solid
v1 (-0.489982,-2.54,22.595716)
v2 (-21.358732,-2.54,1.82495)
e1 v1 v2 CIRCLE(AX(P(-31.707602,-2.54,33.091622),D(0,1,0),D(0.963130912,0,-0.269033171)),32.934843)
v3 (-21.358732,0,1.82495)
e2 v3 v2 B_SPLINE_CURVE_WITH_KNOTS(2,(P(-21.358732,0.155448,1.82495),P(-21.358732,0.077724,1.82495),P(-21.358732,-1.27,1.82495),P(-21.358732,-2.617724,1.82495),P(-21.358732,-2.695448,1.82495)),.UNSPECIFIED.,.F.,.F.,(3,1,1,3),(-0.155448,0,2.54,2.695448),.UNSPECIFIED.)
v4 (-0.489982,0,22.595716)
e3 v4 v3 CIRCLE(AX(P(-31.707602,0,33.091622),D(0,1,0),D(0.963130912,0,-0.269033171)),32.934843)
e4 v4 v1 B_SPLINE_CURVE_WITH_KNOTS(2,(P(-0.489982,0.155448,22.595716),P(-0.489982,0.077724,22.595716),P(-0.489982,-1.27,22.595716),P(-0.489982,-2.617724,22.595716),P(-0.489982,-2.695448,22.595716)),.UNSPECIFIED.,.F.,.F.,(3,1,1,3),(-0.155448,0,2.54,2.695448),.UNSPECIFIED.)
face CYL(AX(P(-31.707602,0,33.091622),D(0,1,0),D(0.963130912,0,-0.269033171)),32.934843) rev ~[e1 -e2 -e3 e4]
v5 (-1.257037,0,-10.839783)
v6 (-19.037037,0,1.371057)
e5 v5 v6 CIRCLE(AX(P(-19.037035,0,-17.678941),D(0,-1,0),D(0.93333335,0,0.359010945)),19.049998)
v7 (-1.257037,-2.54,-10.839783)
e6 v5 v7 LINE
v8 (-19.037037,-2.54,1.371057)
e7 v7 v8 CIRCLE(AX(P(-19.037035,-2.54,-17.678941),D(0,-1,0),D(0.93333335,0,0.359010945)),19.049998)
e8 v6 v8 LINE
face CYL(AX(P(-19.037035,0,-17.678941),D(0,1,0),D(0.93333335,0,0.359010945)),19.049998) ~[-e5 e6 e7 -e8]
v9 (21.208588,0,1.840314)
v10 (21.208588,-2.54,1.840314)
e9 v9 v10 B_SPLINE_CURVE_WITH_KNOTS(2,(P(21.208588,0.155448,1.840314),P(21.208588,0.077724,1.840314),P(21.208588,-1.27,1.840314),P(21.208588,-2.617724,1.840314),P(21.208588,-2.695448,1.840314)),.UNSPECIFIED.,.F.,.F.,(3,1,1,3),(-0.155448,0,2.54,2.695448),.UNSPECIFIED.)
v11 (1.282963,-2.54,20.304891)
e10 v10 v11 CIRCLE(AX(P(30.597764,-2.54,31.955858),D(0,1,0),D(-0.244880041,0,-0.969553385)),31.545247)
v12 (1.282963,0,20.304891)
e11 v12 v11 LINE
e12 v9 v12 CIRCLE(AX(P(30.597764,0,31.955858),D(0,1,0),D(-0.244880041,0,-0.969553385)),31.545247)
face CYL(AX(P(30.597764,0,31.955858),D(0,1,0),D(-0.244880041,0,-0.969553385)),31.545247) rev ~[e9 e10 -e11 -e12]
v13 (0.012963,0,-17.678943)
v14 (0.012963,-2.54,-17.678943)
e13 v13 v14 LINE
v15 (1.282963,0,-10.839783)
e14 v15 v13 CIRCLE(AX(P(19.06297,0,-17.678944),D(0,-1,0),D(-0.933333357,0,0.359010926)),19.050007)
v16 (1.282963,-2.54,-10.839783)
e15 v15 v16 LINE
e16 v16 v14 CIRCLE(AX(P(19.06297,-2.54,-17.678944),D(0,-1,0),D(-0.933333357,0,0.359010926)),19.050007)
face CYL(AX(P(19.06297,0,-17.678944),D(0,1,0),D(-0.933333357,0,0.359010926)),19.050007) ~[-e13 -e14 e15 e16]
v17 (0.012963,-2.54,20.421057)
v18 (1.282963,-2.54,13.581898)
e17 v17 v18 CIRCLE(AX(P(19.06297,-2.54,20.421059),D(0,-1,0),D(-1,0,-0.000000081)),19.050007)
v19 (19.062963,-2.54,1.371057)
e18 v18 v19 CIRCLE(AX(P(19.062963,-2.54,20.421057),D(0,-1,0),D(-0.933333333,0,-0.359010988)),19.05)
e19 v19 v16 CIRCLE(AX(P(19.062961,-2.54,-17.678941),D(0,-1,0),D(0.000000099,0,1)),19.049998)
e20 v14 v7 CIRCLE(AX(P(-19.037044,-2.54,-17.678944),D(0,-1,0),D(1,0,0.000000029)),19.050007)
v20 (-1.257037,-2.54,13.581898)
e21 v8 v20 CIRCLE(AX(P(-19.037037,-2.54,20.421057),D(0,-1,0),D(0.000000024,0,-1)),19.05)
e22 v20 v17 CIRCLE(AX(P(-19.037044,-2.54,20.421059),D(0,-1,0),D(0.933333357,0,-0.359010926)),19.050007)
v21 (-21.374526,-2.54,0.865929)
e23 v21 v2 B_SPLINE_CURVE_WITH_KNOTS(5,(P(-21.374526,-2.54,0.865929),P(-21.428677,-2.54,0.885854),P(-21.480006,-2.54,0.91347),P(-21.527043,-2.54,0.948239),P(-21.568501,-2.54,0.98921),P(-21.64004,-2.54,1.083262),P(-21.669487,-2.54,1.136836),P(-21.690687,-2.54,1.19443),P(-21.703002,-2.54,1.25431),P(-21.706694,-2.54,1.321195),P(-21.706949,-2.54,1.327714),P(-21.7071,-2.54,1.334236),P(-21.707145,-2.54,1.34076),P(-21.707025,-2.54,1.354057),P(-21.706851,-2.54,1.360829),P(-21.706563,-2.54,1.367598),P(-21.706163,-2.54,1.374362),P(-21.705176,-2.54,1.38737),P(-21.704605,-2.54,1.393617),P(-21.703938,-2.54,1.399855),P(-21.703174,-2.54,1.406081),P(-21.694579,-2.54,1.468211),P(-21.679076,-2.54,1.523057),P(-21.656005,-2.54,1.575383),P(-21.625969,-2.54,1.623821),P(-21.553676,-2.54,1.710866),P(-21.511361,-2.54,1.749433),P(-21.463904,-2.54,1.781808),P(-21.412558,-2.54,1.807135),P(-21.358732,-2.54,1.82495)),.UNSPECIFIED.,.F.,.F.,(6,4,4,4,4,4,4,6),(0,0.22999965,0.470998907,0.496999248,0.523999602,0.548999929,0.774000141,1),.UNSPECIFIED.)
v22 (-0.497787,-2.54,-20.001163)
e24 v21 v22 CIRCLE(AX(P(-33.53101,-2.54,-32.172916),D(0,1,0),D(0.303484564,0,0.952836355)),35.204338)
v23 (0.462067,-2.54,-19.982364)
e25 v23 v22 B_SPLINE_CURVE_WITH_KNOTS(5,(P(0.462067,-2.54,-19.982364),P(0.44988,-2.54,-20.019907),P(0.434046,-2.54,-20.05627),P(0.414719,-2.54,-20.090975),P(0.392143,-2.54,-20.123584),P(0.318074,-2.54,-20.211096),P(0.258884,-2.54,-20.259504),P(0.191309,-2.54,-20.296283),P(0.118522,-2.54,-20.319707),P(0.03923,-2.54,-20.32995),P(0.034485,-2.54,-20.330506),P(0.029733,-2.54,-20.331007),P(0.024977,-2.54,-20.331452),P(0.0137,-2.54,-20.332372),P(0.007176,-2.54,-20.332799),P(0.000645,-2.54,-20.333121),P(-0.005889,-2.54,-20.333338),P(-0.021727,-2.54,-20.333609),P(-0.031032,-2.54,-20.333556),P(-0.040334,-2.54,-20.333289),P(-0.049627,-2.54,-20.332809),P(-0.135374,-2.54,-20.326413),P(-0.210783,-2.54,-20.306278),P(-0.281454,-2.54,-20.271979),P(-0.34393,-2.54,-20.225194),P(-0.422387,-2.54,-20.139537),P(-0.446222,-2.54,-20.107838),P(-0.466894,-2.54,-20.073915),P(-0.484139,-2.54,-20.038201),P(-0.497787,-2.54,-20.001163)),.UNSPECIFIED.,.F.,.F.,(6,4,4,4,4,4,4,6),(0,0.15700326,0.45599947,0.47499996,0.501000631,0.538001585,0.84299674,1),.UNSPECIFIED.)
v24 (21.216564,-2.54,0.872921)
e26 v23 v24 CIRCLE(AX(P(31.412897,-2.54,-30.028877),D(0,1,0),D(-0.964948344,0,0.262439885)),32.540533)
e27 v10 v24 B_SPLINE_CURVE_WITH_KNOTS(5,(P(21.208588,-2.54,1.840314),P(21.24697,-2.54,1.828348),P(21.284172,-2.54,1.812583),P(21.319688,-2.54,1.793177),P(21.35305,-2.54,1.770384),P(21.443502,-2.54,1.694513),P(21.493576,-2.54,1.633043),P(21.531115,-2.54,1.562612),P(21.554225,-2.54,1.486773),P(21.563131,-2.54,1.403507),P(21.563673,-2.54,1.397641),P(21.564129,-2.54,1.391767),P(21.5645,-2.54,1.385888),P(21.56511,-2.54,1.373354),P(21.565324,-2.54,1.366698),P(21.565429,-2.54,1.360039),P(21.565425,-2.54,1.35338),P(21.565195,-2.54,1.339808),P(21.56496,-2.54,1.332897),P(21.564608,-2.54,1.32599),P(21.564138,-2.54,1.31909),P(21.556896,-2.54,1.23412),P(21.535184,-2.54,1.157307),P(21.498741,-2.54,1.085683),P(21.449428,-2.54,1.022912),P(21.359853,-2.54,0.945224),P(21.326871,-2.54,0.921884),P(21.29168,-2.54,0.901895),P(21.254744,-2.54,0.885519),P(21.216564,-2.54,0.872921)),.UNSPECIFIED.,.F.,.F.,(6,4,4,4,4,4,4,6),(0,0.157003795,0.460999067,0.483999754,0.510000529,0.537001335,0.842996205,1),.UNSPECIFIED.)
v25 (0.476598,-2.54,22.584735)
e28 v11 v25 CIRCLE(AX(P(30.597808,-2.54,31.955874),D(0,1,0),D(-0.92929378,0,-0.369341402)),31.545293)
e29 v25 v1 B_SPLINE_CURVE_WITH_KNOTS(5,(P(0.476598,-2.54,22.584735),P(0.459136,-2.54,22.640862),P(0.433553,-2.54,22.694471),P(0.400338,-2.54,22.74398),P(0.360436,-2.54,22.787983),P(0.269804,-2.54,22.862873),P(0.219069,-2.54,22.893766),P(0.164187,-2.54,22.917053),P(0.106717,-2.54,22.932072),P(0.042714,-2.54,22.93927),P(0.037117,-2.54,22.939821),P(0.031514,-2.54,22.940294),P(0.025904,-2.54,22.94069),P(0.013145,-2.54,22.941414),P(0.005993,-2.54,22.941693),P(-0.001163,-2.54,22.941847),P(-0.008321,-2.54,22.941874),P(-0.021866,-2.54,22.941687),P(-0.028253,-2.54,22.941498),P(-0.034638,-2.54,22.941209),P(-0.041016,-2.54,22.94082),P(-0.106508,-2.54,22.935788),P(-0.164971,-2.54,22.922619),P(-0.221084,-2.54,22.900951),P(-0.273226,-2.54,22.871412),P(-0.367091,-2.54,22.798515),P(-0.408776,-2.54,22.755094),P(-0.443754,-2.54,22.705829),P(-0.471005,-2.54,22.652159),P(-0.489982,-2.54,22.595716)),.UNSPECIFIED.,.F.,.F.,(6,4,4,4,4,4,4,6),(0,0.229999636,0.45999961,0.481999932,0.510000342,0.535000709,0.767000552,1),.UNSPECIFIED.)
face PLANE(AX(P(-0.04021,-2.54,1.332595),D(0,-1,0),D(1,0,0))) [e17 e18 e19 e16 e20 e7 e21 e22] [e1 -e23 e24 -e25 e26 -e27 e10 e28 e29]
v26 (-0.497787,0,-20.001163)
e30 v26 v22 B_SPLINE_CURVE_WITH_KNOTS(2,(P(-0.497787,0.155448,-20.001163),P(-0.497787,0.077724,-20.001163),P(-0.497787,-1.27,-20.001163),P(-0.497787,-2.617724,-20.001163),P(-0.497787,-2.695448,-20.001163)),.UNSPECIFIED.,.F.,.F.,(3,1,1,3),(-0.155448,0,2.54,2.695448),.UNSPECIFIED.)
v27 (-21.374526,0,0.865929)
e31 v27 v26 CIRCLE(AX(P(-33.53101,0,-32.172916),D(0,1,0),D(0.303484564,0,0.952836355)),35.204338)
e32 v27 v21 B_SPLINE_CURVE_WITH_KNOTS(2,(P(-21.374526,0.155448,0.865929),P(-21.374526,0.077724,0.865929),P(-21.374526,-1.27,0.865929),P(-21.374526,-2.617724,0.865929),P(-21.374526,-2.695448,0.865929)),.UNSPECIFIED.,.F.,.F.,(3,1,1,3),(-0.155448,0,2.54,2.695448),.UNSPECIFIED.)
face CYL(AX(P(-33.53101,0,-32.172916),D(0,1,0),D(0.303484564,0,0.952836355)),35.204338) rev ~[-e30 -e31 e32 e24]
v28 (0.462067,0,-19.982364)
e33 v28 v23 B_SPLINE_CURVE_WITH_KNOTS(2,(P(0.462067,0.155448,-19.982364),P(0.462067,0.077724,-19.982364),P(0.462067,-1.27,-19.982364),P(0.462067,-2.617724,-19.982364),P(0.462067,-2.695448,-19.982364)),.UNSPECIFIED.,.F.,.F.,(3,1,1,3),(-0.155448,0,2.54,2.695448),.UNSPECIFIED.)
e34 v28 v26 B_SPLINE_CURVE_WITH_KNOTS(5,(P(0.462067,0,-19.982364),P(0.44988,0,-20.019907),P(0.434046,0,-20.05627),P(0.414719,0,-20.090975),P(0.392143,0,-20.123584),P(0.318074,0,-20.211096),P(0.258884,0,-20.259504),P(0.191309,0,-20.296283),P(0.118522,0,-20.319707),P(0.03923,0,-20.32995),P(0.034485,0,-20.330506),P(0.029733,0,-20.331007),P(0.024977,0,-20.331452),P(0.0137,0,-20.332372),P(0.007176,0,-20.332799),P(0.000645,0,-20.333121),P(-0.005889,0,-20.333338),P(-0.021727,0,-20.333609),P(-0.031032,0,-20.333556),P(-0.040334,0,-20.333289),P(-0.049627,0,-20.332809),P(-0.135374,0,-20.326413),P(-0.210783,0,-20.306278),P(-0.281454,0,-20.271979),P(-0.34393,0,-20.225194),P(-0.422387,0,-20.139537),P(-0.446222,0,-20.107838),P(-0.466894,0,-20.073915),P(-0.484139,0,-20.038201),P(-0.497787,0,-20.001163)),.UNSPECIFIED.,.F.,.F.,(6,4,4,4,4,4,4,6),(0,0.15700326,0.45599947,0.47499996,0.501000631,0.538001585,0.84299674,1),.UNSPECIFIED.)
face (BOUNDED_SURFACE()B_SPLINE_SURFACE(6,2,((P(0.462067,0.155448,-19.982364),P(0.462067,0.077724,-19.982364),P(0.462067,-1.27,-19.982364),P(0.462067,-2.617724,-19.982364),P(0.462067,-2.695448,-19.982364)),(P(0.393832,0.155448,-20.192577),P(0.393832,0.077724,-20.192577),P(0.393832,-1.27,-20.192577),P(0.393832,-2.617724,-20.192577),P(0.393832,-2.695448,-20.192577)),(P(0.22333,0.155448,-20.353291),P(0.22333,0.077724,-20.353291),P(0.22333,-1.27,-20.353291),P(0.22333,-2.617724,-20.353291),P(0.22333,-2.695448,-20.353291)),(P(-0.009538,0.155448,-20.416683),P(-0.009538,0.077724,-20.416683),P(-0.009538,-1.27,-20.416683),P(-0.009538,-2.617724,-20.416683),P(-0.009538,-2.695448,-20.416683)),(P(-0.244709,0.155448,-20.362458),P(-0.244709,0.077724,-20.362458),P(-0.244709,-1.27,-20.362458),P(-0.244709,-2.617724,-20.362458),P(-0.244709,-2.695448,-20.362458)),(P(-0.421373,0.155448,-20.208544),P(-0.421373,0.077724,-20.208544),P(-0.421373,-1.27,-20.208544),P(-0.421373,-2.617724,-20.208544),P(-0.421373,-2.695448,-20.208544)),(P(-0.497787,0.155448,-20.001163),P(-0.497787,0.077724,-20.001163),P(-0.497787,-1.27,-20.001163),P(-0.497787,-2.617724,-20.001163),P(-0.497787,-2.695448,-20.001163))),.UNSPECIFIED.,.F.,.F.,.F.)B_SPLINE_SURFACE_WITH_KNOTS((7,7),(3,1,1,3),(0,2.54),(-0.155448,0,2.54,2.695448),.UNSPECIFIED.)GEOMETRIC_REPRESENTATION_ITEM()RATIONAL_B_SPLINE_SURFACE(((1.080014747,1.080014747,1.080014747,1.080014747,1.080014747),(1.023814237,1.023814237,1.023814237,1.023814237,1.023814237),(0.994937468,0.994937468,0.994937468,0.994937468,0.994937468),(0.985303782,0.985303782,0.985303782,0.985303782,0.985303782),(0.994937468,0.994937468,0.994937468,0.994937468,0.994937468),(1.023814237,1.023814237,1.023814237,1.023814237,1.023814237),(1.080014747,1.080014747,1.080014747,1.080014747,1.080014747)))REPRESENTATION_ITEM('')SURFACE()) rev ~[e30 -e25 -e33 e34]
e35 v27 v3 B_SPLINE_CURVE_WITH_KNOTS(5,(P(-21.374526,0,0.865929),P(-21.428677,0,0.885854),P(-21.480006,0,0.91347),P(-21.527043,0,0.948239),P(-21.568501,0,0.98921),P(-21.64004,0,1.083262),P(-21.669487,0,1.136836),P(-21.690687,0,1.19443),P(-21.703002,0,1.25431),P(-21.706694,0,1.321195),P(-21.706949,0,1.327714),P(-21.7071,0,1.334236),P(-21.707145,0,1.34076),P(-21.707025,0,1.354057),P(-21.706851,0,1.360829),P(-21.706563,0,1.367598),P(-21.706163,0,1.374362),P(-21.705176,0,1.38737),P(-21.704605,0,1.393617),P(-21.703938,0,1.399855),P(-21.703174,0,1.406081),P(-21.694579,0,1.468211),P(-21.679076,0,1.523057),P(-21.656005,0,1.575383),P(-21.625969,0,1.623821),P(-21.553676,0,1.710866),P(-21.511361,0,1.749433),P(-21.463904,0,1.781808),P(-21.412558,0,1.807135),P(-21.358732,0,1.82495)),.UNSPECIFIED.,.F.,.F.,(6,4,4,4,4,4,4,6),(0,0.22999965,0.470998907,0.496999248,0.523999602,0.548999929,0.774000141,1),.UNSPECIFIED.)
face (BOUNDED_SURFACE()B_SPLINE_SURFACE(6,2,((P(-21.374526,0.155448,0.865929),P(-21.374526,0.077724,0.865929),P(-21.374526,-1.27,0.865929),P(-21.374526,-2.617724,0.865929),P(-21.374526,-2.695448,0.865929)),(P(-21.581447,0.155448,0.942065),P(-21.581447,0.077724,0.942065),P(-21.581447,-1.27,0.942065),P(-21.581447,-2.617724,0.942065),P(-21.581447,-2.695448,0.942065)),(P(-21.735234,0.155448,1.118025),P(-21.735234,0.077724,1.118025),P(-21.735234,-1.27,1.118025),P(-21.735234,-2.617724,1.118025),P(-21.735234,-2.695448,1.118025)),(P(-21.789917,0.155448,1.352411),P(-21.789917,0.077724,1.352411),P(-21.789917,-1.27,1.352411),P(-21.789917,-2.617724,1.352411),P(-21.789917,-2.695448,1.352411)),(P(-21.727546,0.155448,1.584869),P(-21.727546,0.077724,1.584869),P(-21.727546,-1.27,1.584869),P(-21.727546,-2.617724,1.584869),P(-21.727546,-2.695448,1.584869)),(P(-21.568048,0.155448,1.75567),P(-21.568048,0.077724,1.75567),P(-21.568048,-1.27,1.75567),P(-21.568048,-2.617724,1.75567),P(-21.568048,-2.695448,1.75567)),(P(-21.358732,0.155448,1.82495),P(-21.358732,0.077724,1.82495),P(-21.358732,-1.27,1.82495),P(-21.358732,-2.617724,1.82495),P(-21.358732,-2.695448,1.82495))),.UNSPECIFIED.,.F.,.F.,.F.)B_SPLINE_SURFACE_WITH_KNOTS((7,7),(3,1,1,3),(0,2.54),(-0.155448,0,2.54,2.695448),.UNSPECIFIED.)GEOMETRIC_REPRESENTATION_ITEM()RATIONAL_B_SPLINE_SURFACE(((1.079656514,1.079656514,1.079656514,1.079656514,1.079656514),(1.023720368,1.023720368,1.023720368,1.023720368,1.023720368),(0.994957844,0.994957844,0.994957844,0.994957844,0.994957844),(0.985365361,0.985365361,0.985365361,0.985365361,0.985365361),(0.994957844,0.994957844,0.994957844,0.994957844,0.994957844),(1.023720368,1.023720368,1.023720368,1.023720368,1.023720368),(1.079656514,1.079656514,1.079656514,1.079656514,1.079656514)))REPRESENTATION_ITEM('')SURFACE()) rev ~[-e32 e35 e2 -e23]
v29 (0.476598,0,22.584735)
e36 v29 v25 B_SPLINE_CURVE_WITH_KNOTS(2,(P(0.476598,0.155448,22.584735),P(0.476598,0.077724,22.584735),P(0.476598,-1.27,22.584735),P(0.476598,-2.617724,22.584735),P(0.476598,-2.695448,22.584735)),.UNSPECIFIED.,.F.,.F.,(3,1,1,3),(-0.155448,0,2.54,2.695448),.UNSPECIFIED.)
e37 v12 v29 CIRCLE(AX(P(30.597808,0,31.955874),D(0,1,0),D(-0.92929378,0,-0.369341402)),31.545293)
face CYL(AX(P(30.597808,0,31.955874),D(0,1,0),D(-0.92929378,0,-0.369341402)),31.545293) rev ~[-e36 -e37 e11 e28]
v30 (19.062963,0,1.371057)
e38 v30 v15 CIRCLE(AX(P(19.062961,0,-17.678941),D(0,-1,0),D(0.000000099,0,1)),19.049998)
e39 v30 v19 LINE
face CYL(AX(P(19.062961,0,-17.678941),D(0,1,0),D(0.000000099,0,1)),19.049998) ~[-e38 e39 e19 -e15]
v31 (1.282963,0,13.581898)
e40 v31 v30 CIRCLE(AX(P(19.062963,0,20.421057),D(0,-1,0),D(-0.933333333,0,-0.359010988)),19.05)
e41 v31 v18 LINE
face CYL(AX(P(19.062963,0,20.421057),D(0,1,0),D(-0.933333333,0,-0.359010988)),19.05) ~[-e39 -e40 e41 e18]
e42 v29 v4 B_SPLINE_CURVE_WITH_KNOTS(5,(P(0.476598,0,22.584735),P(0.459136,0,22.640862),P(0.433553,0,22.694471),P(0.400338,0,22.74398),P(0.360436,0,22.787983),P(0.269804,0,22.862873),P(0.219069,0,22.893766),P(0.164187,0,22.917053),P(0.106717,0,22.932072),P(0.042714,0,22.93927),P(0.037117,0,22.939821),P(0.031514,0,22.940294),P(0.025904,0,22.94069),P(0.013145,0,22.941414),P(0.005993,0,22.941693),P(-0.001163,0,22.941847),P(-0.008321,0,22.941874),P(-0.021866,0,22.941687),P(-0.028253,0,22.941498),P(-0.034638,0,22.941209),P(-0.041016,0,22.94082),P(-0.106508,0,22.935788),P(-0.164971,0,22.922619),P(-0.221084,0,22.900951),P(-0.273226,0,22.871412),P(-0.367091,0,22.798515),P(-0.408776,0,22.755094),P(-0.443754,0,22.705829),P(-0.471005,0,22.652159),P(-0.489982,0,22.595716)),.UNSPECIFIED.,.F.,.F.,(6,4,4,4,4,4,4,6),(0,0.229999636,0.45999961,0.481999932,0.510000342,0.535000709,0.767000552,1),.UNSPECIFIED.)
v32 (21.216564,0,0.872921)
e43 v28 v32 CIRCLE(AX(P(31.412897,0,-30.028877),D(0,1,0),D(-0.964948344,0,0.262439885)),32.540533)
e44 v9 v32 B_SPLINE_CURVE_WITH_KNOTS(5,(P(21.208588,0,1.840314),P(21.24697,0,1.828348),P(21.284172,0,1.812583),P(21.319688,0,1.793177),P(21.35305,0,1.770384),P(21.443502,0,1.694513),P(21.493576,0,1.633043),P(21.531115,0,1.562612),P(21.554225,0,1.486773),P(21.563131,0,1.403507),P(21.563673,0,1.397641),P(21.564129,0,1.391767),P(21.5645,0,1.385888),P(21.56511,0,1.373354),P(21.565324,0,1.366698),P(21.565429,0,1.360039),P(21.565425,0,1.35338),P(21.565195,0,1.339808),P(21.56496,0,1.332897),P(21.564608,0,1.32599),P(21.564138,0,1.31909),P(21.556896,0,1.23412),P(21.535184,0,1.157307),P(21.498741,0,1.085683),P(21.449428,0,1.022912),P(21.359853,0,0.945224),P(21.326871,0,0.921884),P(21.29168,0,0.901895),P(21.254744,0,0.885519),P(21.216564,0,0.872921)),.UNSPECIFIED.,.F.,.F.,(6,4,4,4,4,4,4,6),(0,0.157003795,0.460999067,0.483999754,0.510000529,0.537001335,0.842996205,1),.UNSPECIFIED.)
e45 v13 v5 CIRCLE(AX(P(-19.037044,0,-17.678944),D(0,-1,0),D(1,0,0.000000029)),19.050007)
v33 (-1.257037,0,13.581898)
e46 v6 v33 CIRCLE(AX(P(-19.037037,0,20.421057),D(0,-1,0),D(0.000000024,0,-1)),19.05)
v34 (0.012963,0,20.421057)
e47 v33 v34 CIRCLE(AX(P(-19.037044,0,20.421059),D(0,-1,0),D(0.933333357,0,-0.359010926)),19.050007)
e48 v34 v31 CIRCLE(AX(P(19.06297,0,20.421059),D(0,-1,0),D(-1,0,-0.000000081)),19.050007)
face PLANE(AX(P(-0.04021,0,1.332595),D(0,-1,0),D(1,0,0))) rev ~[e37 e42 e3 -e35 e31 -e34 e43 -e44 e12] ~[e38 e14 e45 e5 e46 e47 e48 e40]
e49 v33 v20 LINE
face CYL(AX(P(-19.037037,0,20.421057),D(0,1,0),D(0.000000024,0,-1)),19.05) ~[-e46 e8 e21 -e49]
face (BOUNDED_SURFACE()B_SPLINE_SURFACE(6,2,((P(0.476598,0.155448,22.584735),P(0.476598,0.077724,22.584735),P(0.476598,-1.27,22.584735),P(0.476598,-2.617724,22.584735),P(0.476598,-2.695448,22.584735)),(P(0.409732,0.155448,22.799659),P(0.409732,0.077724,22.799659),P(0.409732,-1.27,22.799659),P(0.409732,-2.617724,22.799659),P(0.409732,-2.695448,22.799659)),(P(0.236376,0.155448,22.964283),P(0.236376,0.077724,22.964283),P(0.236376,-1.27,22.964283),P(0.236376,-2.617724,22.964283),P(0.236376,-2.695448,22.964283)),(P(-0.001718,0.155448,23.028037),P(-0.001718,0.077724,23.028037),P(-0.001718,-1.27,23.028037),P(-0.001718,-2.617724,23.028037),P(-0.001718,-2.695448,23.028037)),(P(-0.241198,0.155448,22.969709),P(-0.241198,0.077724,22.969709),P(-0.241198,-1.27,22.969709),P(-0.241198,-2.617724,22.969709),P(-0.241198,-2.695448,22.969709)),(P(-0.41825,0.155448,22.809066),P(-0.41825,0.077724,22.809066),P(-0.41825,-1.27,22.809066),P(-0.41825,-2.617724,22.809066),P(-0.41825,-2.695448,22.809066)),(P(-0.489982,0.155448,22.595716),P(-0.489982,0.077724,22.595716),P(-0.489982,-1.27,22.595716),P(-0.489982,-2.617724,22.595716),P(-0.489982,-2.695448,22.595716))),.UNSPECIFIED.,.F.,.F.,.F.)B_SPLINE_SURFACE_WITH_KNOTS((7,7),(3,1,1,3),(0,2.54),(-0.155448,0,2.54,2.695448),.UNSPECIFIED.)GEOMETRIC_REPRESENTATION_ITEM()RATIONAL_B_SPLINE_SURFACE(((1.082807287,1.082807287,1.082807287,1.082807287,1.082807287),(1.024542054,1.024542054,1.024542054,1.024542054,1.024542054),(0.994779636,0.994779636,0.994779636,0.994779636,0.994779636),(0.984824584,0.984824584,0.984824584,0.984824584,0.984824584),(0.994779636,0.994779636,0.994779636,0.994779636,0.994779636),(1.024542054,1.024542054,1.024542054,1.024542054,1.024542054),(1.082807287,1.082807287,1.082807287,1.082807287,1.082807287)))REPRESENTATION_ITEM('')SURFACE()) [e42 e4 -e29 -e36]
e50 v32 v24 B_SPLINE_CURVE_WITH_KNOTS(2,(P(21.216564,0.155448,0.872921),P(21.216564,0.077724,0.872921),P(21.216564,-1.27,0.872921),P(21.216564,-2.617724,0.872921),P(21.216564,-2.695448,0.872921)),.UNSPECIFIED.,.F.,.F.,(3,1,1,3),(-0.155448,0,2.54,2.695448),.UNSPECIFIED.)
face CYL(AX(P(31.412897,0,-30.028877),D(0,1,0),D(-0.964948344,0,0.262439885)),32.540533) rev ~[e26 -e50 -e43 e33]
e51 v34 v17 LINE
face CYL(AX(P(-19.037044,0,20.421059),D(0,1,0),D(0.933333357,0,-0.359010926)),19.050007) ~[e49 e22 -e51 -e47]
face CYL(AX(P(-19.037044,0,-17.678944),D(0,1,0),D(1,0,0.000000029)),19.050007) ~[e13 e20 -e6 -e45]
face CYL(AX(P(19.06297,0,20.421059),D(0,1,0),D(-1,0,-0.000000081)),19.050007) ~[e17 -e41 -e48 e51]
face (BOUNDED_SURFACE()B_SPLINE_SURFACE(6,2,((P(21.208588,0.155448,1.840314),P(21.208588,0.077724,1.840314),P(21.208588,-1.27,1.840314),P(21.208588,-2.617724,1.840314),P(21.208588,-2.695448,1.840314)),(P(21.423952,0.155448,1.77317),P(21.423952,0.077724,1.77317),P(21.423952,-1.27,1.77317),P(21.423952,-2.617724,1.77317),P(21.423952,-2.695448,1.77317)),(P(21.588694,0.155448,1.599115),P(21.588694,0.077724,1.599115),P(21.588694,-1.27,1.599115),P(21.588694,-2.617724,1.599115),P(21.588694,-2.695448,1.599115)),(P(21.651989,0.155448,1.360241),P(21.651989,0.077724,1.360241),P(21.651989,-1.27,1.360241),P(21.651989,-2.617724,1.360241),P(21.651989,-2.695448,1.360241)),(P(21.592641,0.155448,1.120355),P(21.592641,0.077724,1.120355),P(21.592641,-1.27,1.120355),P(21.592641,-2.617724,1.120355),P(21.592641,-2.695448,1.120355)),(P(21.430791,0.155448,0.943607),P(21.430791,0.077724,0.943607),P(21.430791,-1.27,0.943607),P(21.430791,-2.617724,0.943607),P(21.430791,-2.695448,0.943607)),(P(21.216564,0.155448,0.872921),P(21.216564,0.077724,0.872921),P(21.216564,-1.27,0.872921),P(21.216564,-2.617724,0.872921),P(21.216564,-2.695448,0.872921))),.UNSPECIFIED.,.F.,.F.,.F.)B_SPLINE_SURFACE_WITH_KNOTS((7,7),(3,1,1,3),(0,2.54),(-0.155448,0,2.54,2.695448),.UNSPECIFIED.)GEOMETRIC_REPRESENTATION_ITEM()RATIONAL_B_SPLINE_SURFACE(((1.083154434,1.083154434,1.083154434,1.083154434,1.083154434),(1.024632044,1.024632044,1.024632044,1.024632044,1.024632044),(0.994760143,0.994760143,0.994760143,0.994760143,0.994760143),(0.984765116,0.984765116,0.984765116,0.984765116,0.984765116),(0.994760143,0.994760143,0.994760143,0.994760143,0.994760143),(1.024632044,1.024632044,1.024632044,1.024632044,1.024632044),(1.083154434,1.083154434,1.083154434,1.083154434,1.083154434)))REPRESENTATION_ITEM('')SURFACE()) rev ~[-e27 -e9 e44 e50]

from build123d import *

# Parameters (mm, degrees)
F1_DEPTH = 2.54
F2_R     = 0.508


with BuildPart() as f1:
    # F0 (on Front) → F1 (new body)
    with BuildSketch(Plane.XZ):
        with BuildLine():
            ThreePointArc((22.872963, 1.371057), (9.798592, 8.238838), (1.282963, 20.304891))
            ThreePointArc((1.282963, 20.304891), (0.583696, 22.247186), (0.012963, 24.231057))
            ThreePointArc((0.012963, 24.231057), (-8.419151, 9.803172), (-22.847037, 1.371057))
            ThreePointArc((-22.847037, 1.371057), (-8.637784, -7.27969), (0.012963, -21.488943))
            ThreePointArc((0.012963, -21.488943), (8.403265, -7.019245), (22.872963, 1.371057))
        make_face()
        with BuildLine():
            ThreePointArc((1.282963, -10.839783), (0.333154, -14.200904), (0.012963, -17.678943))
            ThreePointArc((0.012963, -17.678943), (-0.307228, -14.200904), (-1.257037, -10.839783))
            ThreePointArc((-1.257037, -10.839783), (-8.252406, -1.975623), (-19.037037, 1.371057))
            ThreePointArc((-19.037037, 1.371057), (-8.252406, 4.717738), (-1.257037, 13.581898))
            ThreePointArc((-1.257037, 13.581898), (-0.307228, 16.943019), (0.012963, 20.421057))
            ThreePointArc((0.012963, 20.421057), (0.333154, 16.943019), (1.282963, 13.581898))
            ThreePointArc((1.282963, 13.581898), (8.278332, 4.717738), (19.062963, 1.371057))
            ThreePointArc((19.062963, 1.371057), (8.278332, -1.975623), (1.282963, -10.839783))
        make_face(mode=Mode.SUBTRACT)
    extrude(amount=F1_DEPTH)

    # F2
    f2_edges = [f1.edges().sort_by_distance(p)[0] for p in [
        (0.012963, -1.27, 24.231057),
        (22.872963, -1.27, 1.371057),
        (0.012963, -1.27, -21.488943),
        (-22.847037, -1.27, 1.371057),
    ]]
    fillet(f2_edges, radius=F2_R)


solid = f1.part
